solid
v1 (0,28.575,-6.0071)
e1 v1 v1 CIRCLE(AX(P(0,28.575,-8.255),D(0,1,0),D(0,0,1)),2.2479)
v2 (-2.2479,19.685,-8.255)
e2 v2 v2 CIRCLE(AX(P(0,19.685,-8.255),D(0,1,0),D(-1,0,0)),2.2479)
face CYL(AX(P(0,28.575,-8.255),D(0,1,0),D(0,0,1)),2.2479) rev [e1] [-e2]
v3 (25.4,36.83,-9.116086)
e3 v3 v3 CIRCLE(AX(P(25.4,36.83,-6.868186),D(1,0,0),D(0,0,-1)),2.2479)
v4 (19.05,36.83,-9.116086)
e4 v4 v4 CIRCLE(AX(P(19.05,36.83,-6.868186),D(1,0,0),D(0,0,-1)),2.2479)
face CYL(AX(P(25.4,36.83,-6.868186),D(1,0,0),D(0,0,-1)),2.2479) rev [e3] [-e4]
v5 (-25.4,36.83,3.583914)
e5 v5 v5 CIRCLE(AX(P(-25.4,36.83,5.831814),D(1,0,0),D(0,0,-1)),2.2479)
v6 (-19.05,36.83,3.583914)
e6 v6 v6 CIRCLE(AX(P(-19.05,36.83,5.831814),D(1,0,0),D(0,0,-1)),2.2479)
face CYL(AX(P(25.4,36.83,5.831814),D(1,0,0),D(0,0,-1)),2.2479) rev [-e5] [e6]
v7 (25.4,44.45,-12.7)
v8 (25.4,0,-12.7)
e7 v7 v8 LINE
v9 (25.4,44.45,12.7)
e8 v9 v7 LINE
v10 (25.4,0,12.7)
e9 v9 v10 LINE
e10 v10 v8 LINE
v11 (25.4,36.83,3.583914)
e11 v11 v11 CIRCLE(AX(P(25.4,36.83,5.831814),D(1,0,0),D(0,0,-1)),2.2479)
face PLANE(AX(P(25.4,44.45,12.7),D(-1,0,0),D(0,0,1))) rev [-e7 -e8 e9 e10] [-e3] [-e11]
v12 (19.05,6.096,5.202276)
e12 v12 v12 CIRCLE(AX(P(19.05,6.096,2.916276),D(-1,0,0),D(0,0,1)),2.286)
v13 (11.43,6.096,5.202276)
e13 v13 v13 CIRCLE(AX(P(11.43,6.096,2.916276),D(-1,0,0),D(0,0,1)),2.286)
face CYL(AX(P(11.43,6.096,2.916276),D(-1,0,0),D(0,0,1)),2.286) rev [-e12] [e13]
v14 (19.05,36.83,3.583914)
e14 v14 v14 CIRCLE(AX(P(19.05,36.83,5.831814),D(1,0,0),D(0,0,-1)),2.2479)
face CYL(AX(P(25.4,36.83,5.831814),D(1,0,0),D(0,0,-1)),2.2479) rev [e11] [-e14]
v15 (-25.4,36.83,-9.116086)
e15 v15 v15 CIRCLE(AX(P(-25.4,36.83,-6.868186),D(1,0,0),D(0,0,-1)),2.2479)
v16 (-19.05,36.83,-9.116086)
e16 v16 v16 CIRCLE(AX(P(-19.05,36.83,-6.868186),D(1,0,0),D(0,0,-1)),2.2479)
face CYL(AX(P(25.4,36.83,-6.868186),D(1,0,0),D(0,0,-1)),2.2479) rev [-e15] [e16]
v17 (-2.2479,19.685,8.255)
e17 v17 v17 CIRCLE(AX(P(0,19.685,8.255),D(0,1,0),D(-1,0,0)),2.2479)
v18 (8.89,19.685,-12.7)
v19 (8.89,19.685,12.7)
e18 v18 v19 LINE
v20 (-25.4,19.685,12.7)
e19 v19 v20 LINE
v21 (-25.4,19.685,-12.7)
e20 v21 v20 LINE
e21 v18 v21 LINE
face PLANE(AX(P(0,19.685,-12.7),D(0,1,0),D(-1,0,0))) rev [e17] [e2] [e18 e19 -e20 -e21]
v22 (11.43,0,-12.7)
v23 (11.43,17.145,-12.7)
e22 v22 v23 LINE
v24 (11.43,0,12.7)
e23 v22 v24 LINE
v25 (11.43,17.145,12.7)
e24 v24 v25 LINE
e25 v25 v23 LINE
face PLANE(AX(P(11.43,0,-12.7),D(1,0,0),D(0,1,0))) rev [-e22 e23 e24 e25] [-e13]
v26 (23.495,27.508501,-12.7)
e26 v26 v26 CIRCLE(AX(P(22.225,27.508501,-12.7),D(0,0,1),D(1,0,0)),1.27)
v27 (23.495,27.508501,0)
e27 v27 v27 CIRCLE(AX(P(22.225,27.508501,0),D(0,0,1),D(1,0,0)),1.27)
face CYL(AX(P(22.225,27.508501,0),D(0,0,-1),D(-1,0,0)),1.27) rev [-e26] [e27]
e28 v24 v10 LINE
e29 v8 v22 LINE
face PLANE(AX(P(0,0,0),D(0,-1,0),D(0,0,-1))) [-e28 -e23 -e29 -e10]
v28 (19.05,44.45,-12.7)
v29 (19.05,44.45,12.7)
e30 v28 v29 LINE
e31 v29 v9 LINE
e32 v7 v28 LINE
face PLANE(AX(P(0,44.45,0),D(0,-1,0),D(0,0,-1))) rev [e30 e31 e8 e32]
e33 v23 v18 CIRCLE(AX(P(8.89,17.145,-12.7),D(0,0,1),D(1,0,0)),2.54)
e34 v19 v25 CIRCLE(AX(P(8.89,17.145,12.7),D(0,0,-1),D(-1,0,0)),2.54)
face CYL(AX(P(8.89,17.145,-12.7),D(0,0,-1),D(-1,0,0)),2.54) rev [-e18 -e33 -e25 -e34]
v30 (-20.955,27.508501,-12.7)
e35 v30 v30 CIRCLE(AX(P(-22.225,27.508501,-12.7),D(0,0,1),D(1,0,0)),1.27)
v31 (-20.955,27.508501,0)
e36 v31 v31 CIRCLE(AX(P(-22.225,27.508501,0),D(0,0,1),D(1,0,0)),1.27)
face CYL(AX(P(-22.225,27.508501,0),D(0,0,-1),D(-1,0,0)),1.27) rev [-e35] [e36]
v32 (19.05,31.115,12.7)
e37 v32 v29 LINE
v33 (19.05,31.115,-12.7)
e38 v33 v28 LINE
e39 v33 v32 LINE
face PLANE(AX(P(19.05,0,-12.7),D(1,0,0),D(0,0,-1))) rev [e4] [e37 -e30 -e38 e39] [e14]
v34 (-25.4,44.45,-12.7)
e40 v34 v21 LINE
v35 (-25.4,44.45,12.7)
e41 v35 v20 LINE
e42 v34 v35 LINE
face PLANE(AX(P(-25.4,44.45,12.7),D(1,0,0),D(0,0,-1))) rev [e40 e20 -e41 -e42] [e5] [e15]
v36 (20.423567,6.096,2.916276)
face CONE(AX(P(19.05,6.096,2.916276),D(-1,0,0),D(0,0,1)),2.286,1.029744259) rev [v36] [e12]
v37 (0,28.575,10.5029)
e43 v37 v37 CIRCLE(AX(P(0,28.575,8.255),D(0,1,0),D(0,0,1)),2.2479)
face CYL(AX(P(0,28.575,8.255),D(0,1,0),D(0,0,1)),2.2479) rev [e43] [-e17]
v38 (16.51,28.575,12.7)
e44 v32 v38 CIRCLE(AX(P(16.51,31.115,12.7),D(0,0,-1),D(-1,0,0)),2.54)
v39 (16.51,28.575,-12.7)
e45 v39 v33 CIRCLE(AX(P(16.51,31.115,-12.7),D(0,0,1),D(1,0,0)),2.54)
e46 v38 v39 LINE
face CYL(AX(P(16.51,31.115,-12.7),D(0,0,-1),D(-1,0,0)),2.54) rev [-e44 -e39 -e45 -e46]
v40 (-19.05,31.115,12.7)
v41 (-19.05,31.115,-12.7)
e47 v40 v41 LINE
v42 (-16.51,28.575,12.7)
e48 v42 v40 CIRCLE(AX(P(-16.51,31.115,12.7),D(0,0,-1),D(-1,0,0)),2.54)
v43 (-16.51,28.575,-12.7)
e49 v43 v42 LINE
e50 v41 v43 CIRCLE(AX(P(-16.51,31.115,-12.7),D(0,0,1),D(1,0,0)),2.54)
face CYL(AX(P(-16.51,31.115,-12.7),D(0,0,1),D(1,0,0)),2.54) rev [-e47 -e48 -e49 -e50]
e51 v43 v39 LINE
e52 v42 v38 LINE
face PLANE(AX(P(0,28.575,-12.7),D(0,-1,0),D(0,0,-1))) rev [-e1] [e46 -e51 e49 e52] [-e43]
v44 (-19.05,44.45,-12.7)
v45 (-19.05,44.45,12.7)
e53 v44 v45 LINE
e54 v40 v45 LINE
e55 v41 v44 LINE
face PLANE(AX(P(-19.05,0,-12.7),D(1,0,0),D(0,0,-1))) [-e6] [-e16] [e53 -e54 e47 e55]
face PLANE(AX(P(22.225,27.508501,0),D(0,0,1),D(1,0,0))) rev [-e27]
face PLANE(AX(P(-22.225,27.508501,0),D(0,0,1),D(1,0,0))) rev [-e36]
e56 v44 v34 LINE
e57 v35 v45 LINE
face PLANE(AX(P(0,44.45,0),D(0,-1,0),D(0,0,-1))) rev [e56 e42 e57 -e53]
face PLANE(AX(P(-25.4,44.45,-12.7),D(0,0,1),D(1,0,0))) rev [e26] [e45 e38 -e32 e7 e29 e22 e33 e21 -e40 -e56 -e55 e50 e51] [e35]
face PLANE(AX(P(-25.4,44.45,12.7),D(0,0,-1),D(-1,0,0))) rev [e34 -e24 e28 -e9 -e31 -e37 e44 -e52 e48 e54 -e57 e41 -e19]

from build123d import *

# Parameters (mm, degrees)
SKETCH1_W                    = 50.8
SKETCH1_H                    = 25.4
BOSS_EXTRUDE1_DEPTH          = 44.45
SKETCH8_W                    = 13.97
SKETCH8_H                    = 19.685
SKETCH8_W_2                  = 22.86
SKETCH8_W_3                  = 38.1
SKETCH8_H_2                  = 15.875
CUT_EXTRUDE1_DEPTH           = 58.15
F_8_CLEARANCE_HOLE3_D        = 4.4958
F_8_CLEARANCE_HOLE2_D        = 4.4958
F_1_8_0_18_DOWEL_HOLE1_D     = 4.572
F_1_8_0_18_DOWEL_HOLE1_DEPTH = 7.62
F_1_8_0_18_DOWEL_HOLE1_TIP   = 1.373567375
FILLET1_R                    = 2.54
SKETCH17_R                   = 1.27
CUT_EXTRUDE3_DEPTH           = 12.7


with BuildPart() as part:
    # Sketch1 → Boss-Extrude1 (new body)
    with BuildSketch(Plane(origin=(0, 0, 0), x_dir=(1, 0, 0), z_dir=(0, 1, 0))):
        Rectangle(SKETCH1_W, SKETCH1_H)
    extrude(amount=BOSS_EXTRUDE1_DEPTH)

    # Sketch8 → Cut-Extrude1 (cut, through all)
    with BuildSketch(Plane.XY.offset(12.7)):
        with Locations((-18.415, 9.8425)):
            Rectangle(SKETCH8_W, SKETCH8_H)
        with Locations((0, 9.8425)):
            Rectangle(SKETCH8_W_2, SKETCH8_H)
        with Locations((0, 36.5125)):
            Rectangle(SKETCH8_W_3, SKETCH8_H_2)
    extrude(amount=-CUT_EXTRUDE1_DEPTH, mode=Mode.SUBTRACT)

    # #8 Clearance Hole3 (through all)
    with Locations(Plane(origin=(25.4, 0, 0), x_dir=(0, 0, -1), z_dir=(1, 0, 0))):
        with Locations((6.868185943, 36.83), (-5.831814057, 36.83)):
            Hole(F_8_CLEARANCE_HOLE3_D / 2)

    # #8 Clearance Hole2 (through all)
    with Locations(Plane(origin=(0, 28.575, 0), x_dir=(1, 0, 0), z_dir=(0, 1, 0))):
        with Locations((0, 8.255), (0, -8.255)):
            Hole(F_8_CLEARANCE_HOLE2_D / 2)

    # 1/8 (0.18) Dowel Hole1
    with Locations(Plane.ZY.offset(-11.43)):
        with Locations((2.916276039, 6.096)):
            Hole(F_1_8_0_18_DOWEL_HOLE1_D / 2, depth=F_1_8_0_18_DOWEL_HOLE1_DEPTH)
            with Locations((0, 0, -(F_1_8_0_18_DOWEL_HOLE1_DEPTH + F_1_8_0_18_DOWEL_HOLE1_TIP / 2))):  # 118° drill point
                Cone(0, F_1_8_0_18_DOWEL_HOLE1_D / 2, F_1_8_0_18_DOWEL_HOLE1_TIP, mode=Mode.SUBTRACT)

    # Fillet1
    fillet1_edges = [part.edges().sort_by_distance(p)[0] for p in [
        (11.43, 19.685, 0),
        (19.05, 28.575, 0),
        (-19.05, 28.575, 0),
    ]]
    fillet(fillet1_edges, radius=FILLET1_R)

    # Sketch17 → Cut-Extrude3 (cut)
    with BuildSketch(Plane.XY.offset(-12.7)):
        with Locations((-22.225, 27.508501284)):
            Circle(SKETCH17_R)
        with Locations((22.225, 27.508501284)):
            Circle(SKETCH17_R)
    extrude(amount=CUT_EXTRUDE3_DEPTH, mode=Mode.SUBTRACT)


solid = part.part
